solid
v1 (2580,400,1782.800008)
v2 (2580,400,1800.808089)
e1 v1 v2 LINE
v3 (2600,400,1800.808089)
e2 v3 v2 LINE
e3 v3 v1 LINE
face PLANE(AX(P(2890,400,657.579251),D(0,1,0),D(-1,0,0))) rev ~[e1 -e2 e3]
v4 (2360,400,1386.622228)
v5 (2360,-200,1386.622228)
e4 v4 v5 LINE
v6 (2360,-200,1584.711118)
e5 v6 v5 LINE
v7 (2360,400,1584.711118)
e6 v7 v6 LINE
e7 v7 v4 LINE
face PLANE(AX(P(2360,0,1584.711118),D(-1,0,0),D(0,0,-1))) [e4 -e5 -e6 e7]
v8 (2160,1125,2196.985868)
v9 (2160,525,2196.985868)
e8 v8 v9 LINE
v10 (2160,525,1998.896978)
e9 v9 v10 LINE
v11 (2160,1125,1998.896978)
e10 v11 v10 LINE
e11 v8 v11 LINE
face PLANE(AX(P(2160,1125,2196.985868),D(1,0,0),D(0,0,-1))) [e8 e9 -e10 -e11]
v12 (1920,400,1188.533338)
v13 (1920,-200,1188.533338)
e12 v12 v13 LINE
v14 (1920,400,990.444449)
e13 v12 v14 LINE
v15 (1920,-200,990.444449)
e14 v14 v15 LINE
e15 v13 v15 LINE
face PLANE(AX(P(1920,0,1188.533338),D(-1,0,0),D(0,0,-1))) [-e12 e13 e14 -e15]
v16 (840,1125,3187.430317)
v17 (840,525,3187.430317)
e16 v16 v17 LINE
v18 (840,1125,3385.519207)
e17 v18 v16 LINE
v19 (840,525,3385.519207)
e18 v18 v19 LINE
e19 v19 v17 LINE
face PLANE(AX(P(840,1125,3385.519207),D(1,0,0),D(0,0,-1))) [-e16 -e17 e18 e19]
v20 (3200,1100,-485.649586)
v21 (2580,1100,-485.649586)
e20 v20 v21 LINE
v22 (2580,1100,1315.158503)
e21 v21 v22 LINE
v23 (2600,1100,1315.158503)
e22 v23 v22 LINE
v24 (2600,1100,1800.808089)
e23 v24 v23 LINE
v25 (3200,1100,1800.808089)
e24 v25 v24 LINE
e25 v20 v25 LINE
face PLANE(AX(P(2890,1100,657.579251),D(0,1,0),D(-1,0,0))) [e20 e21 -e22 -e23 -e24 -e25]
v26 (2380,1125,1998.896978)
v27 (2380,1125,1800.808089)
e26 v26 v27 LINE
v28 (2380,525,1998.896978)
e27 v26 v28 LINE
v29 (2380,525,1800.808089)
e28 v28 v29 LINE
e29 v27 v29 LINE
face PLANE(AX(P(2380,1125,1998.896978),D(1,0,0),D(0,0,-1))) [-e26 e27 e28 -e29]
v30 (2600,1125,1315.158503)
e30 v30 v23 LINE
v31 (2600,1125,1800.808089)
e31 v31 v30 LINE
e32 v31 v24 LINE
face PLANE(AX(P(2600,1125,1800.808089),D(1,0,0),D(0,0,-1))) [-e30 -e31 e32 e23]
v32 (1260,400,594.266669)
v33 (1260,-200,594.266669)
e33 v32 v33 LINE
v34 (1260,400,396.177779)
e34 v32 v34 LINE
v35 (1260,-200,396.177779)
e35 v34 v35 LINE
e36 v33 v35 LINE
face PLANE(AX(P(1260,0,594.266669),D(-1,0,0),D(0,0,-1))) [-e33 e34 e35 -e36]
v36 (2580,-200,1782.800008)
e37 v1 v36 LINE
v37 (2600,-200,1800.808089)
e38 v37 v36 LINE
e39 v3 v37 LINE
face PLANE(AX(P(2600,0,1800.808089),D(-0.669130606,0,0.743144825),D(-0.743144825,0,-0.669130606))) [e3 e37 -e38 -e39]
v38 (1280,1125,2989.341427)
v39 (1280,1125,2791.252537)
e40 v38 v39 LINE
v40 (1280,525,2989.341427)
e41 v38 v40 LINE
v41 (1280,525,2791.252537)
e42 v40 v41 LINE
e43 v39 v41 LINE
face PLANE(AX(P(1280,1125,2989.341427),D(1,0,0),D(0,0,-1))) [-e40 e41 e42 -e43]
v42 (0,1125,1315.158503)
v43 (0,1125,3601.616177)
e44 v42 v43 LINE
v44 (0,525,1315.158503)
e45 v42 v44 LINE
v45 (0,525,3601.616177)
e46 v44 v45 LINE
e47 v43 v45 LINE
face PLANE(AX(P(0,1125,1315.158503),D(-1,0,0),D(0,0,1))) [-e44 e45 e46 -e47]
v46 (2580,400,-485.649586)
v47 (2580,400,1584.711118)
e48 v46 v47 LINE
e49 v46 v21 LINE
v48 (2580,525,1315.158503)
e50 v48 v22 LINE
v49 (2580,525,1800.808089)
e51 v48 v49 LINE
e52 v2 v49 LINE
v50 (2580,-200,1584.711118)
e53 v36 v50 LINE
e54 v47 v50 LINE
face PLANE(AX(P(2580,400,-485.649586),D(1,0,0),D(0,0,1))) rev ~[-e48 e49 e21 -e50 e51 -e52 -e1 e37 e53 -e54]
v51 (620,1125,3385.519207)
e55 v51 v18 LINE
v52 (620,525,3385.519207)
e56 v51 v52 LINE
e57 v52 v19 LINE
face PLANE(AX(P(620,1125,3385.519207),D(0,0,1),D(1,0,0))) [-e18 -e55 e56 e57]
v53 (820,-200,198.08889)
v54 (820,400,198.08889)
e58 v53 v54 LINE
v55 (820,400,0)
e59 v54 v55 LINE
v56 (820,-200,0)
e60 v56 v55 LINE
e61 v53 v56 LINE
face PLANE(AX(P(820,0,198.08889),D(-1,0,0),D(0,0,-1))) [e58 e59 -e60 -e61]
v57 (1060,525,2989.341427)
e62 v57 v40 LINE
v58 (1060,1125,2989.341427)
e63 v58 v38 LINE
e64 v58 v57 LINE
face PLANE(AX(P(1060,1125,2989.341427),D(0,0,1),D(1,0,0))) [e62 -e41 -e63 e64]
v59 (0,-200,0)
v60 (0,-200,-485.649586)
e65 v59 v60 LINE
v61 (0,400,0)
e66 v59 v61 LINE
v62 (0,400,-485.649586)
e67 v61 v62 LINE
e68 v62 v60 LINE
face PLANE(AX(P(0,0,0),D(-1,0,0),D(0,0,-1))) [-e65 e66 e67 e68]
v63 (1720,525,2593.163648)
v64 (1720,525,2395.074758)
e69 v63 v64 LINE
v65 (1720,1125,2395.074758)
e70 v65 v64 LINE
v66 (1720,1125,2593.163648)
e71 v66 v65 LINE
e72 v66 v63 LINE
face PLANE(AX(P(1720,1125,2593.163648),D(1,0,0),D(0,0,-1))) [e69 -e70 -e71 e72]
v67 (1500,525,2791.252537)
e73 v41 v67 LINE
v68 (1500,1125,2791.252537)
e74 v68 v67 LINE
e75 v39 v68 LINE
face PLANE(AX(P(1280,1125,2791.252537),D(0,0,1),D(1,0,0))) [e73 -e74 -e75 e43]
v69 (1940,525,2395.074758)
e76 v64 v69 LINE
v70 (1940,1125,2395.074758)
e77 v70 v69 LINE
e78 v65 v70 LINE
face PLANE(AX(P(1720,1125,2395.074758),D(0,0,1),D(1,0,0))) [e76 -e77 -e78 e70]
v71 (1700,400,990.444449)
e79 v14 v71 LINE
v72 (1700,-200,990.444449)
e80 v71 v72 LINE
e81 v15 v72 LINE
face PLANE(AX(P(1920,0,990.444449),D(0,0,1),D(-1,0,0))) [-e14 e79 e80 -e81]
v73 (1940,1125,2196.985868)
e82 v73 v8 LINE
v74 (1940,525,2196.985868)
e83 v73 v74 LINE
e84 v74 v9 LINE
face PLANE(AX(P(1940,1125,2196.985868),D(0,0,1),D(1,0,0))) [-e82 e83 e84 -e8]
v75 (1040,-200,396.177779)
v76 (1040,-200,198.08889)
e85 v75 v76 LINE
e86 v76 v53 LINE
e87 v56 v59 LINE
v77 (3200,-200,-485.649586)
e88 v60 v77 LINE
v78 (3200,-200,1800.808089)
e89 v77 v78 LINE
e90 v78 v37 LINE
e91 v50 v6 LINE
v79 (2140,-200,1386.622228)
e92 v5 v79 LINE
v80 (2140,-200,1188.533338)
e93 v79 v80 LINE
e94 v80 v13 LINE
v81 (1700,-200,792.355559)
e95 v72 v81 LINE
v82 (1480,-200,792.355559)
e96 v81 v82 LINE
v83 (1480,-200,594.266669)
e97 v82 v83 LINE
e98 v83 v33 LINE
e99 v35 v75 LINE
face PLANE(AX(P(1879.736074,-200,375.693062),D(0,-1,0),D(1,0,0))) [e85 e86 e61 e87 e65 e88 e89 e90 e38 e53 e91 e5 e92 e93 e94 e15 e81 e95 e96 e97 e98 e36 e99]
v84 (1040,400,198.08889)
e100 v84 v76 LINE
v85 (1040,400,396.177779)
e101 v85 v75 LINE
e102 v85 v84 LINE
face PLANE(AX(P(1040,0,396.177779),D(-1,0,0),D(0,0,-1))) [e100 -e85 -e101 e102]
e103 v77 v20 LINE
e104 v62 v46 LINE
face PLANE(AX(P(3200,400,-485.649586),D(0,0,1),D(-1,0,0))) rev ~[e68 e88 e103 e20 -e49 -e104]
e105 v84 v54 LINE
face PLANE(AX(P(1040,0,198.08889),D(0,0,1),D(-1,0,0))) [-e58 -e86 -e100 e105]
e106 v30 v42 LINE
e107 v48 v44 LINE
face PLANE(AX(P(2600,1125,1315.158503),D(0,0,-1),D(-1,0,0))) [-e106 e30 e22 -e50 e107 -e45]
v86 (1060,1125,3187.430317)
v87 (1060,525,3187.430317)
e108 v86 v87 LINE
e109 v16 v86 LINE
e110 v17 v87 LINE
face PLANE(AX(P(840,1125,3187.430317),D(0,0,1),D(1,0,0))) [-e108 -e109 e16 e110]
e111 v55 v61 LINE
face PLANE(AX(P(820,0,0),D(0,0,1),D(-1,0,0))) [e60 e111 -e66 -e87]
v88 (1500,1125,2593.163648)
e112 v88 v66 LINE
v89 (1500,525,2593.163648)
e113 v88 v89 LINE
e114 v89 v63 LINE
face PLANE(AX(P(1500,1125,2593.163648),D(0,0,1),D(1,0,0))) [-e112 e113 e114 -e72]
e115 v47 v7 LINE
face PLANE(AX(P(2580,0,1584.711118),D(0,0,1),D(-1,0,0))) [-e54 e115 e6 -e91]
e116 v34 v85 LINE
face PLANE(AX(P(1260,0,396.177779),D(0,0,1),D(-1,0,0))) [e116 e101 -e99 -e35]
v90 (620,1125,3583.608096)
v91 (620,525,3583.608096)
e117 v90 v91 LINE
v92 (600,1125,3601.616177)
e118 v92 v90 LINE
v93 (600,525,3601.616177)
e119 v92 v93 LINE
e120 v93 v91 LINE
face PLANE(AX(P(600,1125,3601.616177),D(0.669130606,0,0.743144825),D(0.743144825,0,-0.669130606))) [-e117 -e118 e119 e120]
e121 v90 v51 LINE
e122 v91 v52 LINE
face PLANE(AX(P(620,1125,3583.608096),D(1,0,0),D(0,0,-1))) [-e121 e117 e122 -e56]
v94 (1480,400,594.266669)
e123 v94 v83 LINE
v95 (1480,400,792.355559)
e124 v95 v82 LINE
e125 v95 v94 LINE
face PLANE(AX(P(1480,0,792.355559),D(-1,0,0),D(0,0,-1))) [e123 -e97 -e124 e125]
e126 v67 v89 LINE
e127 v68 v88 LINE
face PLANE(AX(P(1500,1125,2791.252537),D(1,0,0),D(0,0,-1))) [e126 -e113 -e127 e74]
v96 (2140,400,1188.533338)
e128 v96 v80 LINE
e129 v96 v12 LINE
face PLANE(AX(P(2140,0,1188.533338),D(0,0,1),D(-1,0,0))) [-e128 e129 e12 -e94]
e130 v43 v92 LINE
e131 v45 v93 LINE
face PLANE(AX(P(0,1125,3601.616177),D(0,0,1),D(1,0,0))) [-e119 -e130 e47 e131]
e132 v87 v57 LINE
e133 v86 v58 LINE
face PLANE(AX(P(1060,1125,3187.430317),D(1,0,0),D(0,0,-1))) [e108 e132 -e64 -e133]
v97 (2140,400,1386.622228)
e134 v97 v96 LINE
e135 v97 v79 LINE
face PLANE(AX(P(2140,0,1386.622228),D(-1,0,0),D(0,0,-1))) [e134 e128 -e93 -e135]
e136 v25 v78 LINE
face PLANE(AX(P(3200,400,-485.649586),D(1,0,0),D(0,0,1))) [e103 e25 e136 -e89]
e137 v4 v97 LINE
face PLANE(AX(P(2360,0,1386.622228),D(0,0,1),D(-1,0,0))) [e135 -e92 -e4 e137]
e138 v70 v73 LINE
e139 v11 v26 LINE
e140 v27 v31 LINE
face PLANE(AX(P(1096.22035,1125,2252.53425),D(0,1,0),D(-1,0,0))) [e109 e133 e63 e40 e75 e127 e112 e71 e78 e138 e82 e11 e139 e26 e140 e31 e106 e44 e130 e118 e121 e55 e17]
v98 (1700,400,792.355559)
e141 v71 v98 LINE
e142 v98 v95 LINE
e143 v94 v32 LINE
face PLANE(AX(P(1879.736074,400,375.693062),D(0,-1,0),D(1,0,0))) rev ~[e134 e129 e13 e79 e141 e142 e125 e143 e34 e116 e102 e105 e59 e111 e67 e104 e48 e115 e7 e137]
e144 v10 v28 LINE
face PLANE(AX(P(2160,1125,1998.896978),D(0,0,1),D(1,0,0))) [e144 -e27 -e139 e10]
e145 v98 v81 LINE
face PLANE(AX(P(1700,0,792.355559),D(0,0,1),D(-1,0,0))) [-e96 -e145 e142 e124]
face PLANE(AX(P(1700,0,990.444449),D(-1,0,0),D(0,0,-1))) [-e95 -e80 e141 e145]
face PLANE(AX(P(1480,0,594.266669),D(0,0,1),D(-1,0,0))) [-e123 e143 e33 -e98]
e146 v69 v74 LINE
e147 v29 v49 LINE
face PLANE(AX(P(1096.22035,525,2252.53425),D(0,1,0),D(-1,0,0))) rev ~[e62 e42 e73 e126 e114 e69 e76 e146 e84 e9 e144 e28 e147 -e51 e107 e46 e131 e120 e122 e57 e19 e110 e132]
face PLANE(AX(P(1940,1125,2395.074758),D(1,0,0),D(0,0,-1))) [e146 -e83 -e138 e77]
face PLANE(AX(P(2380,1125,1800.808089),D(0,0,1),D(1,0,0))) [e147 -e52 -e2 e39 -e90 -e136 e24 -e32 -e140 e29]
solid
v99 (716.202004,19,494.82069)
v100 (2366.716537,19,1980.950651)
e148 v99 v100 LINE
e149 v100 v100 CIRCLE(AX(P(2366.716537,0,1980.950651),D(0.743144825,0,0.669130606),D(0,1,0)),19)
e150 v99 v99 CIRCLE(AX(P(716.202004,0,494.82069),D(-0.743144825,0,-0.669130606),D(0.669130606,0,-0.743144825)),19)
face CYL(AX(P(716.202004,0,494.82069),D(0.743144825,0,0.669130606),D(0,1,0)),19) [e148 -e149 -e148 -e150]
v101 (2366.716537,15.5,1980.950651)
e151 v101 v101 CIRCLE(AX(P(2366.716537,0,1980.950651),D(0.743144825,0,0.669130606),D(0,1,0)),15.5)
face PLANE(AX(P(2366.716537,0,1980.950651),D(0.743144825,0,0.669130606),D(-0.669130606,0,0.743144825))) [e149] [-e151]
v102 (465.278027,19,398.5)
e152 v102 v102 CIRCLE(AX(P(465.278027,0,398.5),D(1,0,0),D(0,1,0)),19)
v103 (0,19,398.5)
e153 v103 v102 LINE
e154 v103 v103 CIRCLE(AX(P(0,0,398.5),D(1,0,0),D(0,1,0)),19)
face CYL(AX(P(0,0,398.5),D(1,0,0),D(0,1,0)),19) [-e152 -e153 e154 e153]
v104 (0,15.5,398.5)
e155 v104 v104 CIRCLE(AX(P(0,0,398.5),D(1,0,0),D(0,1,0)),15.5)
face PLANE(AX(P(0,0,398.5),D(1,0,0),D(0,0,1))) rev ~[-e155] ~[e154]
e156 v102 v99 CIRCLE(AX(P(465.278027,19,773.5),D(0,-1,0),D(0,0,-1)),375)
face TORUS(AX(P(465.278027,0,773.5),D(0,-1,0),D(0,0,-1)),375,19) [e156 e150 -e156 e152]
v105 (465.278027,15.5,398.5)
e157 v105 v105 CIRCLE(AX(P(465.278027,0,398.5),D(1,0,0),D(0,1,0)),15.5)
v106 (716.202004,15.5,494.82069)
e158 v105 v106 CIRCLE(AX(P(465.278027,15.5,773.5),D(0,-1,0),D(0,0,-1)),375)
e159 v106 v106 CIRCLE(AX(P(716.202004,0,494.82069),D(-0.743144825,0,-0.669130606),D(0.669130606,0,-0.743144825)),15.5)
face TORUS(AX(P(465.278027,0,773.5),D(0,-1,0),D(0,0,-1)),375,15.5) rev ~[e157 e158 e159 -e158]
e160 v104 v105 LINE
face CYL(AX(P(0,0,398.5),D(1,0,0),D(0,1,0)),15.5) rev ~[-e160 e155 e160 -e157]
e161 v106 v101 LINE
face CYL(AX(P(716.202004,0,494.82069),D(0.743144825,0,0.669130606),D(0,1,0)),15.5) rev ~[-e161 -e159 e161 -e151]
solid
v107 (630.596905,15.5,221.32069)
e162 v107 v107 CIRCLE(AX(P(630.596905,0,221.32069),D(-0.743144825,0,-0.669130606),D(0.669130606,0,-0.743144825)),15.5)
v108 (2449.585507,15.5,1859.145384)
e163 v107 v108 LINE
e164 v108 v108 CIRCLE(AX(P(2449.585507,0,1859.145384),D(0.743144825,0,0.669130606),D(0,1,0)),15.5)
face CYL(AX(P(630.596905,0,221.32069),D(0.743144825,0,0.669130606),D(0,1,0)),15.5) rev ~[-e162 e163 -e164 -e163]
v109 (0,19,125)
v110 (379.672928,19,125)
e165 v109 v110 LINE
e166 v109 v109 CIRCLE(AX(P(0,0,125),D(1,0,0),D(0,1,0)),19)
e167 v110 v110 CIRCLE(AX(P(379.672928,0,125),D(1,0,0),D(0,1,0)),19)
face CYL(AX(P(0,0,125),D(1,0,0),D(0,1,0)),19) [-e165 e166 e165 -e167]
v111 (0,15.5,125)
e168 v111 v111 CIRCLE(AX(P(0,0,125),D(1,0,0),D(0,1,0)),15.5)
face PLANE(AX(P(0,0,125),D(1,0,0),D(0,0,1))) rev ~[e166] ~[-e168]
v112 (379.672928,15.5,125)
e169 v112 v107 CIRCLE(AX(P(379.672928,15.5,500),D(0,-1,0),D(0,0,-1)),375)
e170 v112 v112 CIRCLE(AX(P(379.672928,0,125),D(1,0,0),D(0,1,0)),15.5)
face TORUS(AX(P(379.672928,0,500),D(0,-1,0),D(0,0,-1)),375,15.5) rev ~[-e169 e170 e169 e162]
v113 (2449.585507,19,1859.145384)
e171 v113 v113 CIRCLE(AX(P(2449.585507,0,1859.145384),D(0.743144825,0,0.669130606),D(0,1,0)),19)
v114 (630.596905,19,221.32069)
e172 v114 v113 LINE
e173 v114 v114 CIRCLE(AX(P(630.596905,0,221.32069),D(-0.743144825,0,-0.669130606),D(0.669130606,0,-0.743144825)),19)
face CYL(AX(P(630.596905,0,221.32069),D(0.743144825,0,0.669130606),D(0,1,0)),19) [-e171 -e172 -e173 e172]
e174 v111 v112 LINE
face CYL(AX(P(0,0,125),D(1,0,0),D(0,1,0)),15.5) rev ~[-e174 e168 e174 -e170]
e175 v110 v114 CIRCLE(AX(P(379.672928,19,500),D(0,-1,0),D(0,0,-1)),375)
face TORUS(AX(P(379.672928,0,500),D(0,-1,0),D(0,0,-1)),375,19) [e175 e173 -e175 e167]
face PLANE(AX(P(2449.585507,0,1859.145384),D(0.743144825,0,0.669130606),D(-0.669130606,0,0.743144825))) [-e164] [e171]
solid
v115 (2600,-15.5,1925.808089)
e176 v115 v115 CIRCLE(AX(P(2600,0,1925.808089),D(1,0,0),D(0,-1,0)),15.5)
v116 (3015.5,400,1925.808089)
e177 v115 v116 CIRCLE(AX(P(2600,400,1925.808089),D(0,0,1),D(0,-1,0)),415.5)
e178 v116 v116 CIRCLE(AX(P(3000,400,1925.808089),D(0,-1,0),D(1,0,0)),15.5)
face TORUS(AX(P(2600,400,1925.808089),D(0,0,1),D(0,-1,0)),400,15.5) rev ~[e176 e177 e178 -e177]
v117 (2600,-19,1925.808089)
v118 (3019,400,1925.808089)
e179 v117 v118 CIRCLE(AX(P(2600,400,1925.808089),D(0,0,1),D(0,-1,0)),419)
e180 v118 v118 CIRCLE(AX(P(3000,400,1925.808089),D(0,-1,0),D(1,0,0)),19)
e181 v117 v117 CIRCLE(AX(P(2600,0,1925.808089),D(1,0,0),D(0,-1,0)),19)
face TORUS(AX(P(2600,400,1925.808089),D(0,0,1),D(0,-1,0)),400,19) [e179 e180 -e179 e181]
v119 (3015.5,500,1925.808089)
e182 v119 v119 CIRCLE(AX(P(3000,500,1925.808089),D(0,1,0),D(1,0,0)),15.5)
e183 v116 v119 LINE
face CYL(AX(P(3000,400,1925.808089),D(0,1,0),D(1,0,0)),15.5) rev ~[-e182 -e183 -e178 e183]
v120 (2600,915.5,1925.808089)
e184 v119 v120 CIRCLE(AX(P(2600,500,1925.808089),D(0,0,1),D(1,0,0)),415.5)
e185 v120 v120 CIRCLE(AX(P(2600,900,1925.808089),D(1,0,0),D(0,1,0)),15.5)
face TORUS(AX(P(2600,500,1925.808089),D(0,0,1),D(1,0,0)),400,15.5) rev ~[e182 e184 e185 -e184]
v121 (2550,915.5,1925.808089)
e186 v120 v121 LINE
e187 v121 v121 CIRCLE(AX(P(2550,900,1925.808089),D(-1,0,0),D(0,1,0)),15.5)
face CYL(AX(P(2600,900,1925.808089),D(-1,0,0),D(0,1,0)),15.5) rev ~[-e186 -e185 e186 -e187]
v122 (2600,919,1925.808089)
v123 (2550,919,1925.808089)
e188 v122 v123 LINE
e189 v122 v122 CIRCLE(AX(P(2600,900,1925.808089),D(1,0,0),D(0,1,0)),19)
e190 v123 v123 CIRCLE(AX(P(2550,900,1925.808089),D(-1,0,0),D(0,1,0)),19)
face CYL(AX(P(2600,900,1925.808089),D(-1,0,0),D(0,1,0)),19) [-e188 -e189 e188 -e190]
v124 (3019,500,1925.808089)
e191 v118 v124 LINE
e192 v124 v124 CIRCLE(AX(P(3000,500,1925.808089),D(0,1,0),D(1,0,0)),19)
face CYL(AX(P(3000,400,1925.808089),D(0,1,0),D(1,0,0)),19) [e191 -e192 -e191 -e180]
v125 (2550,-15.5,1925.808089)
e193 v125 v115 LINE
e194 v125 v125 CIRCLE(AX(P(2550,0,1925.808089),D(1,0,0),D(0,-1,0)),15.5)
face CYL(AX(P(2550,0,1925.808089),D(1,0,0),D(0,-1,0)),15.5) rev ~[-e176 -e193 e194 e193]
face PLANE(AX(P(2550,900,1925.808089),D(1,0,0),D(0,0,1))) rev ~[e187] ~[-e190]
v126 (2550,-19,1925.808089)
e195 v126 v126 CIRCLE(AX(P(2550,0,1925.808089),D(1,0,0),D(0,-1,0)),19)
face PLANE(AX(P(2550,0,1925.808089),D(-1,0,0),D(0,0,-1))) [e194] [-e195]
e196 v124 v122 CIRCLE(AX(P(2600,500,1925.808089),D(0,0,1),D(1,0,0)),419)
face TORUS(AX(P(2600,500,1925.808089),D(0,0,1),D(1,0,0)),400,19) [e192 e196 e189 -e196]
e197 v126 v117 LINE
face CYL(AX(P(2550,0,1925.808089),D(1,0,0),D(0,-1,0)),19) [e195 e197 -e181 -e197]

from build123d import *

# Parameters (mm, degrees)
F1_R          = 19
F1_R_2        = 15.5
F4_DEPTH      = 200
F4_DEPTH_BACK = 400
F5_W          = 620
F5_H          = 2286.4576743196
F6_DEPTH      = 700
F9_DEPTH      = 600
F13_R         = 19
F13_R_2       = 15.5


with BuildPart() as f2:
    # F2: sweep along a path in F0
    with BuildLine(Plane.XZ) as f2_path:
        Line((0, 398.5), (415.278026721, 398.5))
        Line((415.278026721, 398.5), (465.278026721, 398.5))
        ThreePointArc((465.278026721, 398.5), (599.6660078005, 423.4073400635), (716.2020041056, 494.820690446))
        Line((716.2020041056, 494.820690446), (803.0773322649, 573.0435872703))
        Line((803.0773322649, 573.0435872703), (2366.7165369061, 1980.9506509519))
    # F1 (on Right) → F2 (sweep)
    with BuildSketch(Plane.YZ):
        with Locations((0, 398.5)):
            Circle(F1_R)
        with Locations((0, 398.5)):
            Circle(F1_R_2, mode=Mode.SUBTRACT)
    sweep(path=f2_path.line)


with BuildPart() as f3:
    # F3: sweep along a path in F0
    with BuildLine(Plane.XZ) as f3_path:
        Line((0, 125), (329.6729280349, 125))
        Line((329.6729280349, 125), (379.6729280349, 125))
        ThreePointArc((379.6729280349, 125), (514.0609091144, 149.9073400635), (630.5969054194, 221.320690446))
        Line((630.5969054194, 221.320690446), (1225.1913421191, 756.6959259674))
        Line((1225.1913421191, 756.6959259674), (2449.5855074597, 1859.1453842547))
    # F1 (on Right) → F3 (sweep)
    with BuildSketch(Plane.YZ):
        with Locations((0, 125)):
            Circle(F1_R)
        with Locations((0, 125)):
            Circle(F1_R_2, mode=Mode.SUBTRACT)
    sweep(path=f3_path.line)


with BuildPart() as f4:
    # F0 (on Front) → F4 (new body, two sides)
    with BuildSketch(Plane.XZ) as f4_sk:
        Polygon((600, 0), (0, 0), (0, -485.6495857239), (3200, -485.6495857239), (3200, 1800.8080885957), (2600, 1800.8080885957), (2580, 1782.8000077097), (2580, 1584.7111179642), (2360, 1584.7111179642), (2360, 1386.6222282187), (2140, 1386.6222282187), (2140, 1188.5333384731), (1920, 1188.5333384731), (1920, 990.4444487276), (1700, 990.4444487276), (1700, 792.3555589821), (1480, 792.3555589821), (1480, 594.2666692366), (1260, 594.2666692366), (1260, 396.177779491), (1040, 396.177779491), (1040, 198.0888897455), (820, 198.0888897455), (820, 0), align=None)
    extrude(amount=F4_DEPTH)
    extrude(f4_sk.sketch, amount=-F4_DEPTH_BACK)

    # F5 (on face) → F6 (join)
    with BuildSketch(Plane(origin=(0, 400, 0), x_dir=(-1, 0, 0), z_dir=(0, 1, 0))):
        with Locations((-2890, 657.5792514359)):
            Rectangle(F5_W, F5_H)
    extrude(amount=F6_DEPTH)

    # F8 (on offset) → F9 (join)
    with BuildSketch(Plane(origin=(0, 1125, 0), x_dir=(-1, 0, 0), z_dir=(0, 1, 0))):
        Polygon((-2380, 1800.8080885957), (-2600, 1800.8080885957), (-2600, 1315.1585028718), (0, 1315.1585028718), (0, 3601.6161771914), (-600, 3601.6161771914), (-620, 3583.6080963054), (-620, 3385.5192065599), (-840, 3385.5192065599), (-840, 3187.4303168144), (-1060, 3187.4303168144), (-1060, 2989.3414270688), (-1280, 2989.3414270688), (-1280, 2791.2525373233), (-1500, 2791.2525373233), (-1500, 2593.1636475778), (-1720, 2593.1636475778), (-1720, 2395.0747578323), (-1940, 2395.0747578323), (-1940, 2196.9858680867), (-2160, 2196.9858680867), (-2160, 1998.8969783412), (-2380, 1998.8969783412), align=None)
    extrude(amount=-F9_DEPTH)


with BuildPart() as f14:
    # F14: sweep along a path in F11
    with BuildLine(Plane.XY.offset(1925.8080885957)) as f14_path:
        Line((2550, 0), (2600, 0))
        ThreePointArc((2600, 0), (2882.8427124746, 117.1572875254), (3000, 400))
        Line((3000, 400), (3000, 500))
        ThreePointArc((3000, 500), (2882.8427124746, 782.8427124746), (2600, 900))
        Line((2600, 900), (2550, 900))
    # F13 (on plane+point) → F14 (sweep)
    with BuildSketch(Plane(origin=(2550, 0, 0), x_dir=(0, -1, 0), z_dir=(-1, 0, 0))):
        with Locations((0, 1925.8080885957)):
            Circle(F13_R)
        with Locations((0, 1925.8080885957)):
            Circle(F13_R_2, mode=Mode.SUBTRACT)
    sweep(path=f14_path.line)


solid = Compound([f2.part, f3.part, f4.part, f14.part])
